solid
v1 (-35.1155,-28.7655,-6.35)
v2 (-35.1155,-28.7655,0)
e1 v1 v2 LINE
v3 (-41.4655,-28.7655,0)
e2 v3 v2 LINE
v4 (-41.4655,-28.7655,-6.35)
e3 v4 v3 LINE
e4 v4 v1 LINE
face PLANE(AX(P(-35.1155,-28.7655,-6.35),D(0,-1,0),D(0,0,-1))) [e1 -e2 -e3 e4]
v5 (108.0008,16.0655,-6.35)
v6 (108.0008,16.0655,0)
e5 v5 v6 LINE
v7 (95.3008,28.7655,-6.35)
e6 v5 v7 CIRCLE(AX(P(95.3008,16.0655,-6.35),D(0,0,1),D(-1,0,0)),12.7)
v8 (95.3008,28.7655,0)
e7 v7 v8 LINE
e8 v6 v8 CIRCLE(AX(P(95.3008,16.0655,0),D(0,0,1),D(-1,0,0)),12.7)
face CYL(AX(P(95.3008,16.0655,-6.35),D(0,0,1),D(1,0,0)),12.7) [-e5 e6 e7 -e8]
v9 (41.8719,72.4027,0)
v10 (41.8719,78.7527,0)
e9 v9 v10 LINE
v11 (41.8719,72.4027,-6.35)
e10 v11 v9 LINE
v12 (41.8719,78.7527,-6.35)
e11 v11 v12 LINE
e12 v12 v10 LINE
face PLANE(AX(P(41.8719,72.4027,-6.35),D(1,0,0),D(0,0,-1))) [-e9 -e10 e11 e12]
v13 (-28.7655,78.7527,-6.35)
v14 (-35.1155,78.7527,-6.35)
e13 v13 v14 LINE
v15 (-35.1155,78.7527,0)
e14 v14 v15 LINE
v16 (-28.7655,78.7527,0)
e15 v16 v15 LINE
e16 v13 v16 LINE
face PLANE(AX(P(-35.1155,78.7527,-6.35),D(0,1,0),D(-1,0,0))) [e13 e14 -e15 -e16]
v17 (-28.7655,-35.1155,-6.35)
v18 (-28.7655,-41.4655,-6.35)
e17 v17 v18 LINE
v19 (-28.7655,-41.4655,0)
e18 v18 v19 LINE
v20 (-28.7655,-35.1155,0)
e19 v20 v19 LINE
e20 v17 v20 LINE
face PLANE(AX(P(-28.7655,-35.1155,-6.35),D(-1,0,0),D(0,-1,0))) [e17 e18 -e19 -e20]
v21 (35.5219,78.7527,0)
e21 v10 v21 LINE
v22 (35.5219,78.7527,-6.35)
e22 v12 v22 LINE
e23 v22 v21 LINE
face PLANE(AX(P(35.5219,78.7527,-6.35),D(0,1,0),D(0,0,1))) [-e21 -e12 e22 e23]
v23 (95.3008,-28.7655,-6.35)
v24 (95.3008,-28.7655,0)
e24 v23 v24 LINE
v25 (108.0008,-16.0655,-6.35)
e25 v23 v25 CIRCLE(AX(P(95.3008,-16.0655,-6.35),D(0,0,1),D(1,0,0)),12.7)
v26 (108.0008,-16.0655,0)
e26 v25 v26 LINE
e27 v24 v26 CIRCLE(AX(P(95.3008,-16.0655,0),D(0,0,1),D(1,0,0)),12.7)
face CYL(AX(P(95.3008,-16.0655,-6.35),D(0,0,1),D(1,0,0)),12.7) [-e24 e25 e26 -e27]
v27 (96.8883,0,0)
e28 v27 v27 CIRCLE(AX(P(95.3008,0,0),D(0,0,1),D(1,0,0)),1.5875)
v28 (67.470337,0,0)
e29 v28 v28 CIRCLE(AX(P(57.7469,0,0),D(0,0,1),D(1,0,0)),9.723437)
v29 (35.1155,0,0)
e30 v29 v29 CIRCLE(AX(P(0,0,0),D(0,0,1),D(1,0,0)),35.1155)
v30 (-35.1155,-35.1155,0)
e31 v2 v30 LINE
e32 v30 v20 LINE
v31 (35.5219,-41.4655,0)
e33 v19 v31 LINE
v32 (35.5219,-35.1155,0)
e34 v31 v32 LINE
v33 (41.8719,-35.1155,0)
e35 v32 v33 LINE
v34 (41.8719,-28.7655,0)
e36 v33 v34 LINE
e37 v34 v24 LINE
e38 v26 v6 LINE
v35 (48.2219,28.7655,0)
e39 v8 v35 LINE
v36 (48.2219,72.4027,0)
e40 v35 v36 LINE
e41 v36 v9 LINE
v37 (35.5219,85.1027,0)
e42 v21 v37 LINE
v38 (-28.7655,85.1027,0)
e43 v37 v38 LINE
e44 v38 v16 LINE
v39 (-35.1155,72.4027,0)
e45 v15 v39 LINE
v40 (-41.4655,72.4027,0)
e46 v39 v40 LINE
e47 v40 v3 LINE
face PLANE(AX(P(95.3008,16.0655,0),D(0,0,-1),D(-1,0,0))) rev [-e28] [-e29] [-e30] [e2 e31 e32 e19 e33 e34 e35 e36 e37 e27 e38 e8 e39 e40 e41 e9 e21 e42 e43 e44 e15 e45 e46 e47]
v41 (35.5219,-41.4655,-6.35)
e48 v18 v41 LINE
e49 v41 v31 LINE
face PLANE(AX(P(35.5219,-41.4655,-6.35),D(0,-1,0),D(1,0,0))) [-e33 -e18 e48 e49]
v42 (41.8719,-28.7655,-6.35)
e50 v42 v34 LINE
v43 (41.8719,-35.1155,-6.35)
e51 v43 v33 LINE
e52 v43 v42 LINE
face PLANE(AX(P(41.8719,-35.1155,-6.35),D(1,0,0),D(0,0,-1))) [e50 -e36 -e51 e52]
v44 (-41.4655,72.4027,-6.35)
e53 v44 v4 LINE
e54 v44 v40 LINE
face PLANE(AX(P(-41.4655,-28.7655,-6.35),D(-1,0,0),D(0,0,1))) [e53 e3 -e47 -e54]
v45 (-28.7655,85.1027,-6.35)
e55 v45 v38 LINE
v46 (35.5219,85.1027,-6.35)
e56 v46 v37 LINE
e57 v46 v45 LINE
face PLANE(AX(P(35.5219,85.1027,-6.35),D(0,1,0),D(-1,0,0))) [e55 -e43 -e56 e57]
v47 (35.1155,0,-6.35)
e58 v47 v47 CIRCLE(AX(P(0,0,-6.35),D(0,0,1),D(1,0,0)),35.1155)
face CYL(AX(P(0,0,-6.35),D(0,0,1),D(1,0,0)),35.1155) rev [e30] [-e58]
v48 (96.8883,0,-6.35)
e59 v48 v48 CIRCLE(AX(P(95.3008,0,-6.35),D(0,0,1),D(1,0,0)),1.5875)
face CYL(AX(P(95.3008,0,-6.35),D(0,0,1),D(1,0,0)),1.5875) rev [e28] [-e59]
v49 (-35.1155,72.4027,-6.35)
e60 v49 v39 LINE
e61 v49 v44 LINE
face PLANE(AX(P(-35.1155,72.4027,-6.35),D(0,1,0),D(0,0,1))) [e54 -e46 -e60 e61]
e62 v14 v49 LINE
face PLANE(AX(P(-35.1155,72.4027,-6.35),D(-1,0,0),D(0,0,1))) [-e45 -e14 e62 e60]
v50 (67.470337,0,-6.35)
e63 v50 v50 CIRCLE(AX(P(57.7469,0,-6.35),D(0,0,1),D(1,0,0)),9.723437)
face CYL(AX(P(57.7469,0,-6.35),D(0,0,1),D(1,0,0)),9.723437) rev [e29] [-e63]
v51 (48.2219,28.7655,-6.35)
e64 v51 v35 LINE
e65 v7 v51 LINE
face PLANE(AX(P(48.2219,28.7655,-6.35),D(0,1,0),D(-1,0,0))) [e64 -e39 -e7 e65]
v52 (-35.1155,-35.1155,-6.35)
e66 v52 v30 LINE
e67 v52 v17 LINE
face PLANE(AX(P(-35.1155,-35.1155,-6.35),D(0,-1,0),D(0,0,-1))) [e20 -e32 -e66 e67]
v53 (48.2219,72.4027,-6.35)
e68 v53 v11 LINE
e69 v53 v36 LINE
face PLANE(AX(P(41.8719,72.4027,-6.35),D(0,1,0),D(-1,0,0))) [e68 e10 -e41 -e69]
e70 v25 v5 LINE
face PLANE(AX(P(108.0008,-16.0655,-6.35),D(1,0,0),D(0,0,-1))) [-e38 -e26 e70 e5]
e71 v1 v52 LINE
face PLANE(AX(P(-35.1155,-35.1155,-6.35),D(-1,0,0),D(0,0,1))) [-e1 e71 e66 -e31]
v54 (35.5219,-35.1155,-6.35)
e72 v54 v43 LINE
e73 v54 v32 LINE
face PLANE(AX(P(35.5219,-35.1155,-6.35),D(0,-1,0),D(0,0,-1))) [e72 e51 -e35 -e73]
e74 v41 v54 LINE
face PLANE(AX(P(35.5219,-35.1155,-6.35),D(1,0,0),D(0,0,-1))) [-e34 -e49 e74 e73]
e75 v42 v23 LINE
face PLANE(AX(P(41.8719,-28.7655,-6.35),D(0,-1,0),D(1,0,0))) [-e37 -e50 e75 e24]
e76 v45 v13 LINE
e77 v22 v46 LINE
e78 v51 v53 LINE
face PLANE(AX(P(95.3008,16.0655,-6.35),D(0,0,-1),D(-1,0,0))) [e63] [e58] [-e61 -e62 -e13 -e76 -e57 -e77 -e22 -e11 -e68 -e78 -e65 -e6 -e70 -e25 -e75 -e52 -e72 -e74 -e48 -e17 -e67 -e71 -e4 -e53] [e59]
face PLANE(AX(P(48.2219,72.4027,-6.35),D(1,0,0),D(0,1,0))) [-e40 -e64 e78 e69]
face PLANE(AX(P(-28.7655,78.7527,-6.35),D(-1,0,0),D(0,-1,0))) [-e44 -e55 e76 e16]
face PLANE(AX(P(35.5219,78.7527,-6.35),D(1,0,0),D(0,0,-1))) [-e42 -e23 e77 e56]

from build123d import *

# Parameters (mm, degrees)
SKETCH1_R           = 35.1155
SKETCH1_R_2         = 9.7234375
SKETCH1_R_3         = 1.5875
BOSS_EXTRUDE1_DEPTH = 6.35


with BuildPart() as part:
    # Sketch1 → Boss-Extrude1 (new body)
    with BuildSketch(Plane.XY):
        with BuildLine():
            Line((-35.1155, -35.1155), (-28.7655, -35.1155))
            Line((-28.7655, -35.1155), (-28.7655, -41.4655))
            Line((-28.7655, -41.4655), (35.5219, -41.4655))
            Line((35.5219, -41.4655), (35.5219, -35.1155))
            Line((35.5219, -35.1155), (41.8719, -35.1155))
            Line((41.8719, -35.1155), (41.8719, -28.7655))
            Line((41.8719, -28.7655), (95.3008, -28.7655))
            ThreePointArc((95.3008, -28.7655), (104.281056121, -25.045756121), (108.0008, -16.0655))
            Line((108.0008, -16.0655), (108.0008, 16.0655))
            ThreePointArc((108.0008, 16.0655), (104.281056121, 25.045756121), (95.3008, 28.7655))
            Line((95.3008, 28.7655), (48.2219, 28.7655))
            Line((48.2219, 28.7655), (48.2219, 72.4027))
            Line((48.2219, 72.4027), (41.8719, 72.4027))
            Line((41.8719, 72.4027), (41.8719, 78.7527))
            Line((41.8719, 78.7527), (35.5219, 78.7527))
            Line((35.5219, 78.7527), (35.5219, 85.1027))
            Line((35.5219, 85.1027), (-28.7655, 85.1027))
            Line((-28.7655, 85.1027), (-28.7655, 78.7527))
            Line((-28.7655, 78.7527), (-35.1155, 78.7527))
            Line((-35.1155, 78.7527), (-35.1155, 72.4027))
            Line((-35.1155, 72.4027), (-41.4655, 72.4027))
            Line((-41.4655, 72.4027), (-41.4655, -28.7655))
            Line((-41.4655, -28.7655), (-35.1155, -28.7655))
            Line((-35.1155, -28.7655), (-35.1155, -35.1155))
        make_face()
        Circle(SKETCH1_R, mode=Mode.SUBTRACT)
        with Locations((57.7469, 0)):
            Circle(SKETCH1_R_2, mode=Mode.SUBTRACT)
        with Locations((95.3008, 0)):
            Circle(SKETCH1_R_3, mode=Mode.SUBTRACT)
    extrude(amount=-BOSS_EXTRUDE1_DEPTH)


solid = part.part
